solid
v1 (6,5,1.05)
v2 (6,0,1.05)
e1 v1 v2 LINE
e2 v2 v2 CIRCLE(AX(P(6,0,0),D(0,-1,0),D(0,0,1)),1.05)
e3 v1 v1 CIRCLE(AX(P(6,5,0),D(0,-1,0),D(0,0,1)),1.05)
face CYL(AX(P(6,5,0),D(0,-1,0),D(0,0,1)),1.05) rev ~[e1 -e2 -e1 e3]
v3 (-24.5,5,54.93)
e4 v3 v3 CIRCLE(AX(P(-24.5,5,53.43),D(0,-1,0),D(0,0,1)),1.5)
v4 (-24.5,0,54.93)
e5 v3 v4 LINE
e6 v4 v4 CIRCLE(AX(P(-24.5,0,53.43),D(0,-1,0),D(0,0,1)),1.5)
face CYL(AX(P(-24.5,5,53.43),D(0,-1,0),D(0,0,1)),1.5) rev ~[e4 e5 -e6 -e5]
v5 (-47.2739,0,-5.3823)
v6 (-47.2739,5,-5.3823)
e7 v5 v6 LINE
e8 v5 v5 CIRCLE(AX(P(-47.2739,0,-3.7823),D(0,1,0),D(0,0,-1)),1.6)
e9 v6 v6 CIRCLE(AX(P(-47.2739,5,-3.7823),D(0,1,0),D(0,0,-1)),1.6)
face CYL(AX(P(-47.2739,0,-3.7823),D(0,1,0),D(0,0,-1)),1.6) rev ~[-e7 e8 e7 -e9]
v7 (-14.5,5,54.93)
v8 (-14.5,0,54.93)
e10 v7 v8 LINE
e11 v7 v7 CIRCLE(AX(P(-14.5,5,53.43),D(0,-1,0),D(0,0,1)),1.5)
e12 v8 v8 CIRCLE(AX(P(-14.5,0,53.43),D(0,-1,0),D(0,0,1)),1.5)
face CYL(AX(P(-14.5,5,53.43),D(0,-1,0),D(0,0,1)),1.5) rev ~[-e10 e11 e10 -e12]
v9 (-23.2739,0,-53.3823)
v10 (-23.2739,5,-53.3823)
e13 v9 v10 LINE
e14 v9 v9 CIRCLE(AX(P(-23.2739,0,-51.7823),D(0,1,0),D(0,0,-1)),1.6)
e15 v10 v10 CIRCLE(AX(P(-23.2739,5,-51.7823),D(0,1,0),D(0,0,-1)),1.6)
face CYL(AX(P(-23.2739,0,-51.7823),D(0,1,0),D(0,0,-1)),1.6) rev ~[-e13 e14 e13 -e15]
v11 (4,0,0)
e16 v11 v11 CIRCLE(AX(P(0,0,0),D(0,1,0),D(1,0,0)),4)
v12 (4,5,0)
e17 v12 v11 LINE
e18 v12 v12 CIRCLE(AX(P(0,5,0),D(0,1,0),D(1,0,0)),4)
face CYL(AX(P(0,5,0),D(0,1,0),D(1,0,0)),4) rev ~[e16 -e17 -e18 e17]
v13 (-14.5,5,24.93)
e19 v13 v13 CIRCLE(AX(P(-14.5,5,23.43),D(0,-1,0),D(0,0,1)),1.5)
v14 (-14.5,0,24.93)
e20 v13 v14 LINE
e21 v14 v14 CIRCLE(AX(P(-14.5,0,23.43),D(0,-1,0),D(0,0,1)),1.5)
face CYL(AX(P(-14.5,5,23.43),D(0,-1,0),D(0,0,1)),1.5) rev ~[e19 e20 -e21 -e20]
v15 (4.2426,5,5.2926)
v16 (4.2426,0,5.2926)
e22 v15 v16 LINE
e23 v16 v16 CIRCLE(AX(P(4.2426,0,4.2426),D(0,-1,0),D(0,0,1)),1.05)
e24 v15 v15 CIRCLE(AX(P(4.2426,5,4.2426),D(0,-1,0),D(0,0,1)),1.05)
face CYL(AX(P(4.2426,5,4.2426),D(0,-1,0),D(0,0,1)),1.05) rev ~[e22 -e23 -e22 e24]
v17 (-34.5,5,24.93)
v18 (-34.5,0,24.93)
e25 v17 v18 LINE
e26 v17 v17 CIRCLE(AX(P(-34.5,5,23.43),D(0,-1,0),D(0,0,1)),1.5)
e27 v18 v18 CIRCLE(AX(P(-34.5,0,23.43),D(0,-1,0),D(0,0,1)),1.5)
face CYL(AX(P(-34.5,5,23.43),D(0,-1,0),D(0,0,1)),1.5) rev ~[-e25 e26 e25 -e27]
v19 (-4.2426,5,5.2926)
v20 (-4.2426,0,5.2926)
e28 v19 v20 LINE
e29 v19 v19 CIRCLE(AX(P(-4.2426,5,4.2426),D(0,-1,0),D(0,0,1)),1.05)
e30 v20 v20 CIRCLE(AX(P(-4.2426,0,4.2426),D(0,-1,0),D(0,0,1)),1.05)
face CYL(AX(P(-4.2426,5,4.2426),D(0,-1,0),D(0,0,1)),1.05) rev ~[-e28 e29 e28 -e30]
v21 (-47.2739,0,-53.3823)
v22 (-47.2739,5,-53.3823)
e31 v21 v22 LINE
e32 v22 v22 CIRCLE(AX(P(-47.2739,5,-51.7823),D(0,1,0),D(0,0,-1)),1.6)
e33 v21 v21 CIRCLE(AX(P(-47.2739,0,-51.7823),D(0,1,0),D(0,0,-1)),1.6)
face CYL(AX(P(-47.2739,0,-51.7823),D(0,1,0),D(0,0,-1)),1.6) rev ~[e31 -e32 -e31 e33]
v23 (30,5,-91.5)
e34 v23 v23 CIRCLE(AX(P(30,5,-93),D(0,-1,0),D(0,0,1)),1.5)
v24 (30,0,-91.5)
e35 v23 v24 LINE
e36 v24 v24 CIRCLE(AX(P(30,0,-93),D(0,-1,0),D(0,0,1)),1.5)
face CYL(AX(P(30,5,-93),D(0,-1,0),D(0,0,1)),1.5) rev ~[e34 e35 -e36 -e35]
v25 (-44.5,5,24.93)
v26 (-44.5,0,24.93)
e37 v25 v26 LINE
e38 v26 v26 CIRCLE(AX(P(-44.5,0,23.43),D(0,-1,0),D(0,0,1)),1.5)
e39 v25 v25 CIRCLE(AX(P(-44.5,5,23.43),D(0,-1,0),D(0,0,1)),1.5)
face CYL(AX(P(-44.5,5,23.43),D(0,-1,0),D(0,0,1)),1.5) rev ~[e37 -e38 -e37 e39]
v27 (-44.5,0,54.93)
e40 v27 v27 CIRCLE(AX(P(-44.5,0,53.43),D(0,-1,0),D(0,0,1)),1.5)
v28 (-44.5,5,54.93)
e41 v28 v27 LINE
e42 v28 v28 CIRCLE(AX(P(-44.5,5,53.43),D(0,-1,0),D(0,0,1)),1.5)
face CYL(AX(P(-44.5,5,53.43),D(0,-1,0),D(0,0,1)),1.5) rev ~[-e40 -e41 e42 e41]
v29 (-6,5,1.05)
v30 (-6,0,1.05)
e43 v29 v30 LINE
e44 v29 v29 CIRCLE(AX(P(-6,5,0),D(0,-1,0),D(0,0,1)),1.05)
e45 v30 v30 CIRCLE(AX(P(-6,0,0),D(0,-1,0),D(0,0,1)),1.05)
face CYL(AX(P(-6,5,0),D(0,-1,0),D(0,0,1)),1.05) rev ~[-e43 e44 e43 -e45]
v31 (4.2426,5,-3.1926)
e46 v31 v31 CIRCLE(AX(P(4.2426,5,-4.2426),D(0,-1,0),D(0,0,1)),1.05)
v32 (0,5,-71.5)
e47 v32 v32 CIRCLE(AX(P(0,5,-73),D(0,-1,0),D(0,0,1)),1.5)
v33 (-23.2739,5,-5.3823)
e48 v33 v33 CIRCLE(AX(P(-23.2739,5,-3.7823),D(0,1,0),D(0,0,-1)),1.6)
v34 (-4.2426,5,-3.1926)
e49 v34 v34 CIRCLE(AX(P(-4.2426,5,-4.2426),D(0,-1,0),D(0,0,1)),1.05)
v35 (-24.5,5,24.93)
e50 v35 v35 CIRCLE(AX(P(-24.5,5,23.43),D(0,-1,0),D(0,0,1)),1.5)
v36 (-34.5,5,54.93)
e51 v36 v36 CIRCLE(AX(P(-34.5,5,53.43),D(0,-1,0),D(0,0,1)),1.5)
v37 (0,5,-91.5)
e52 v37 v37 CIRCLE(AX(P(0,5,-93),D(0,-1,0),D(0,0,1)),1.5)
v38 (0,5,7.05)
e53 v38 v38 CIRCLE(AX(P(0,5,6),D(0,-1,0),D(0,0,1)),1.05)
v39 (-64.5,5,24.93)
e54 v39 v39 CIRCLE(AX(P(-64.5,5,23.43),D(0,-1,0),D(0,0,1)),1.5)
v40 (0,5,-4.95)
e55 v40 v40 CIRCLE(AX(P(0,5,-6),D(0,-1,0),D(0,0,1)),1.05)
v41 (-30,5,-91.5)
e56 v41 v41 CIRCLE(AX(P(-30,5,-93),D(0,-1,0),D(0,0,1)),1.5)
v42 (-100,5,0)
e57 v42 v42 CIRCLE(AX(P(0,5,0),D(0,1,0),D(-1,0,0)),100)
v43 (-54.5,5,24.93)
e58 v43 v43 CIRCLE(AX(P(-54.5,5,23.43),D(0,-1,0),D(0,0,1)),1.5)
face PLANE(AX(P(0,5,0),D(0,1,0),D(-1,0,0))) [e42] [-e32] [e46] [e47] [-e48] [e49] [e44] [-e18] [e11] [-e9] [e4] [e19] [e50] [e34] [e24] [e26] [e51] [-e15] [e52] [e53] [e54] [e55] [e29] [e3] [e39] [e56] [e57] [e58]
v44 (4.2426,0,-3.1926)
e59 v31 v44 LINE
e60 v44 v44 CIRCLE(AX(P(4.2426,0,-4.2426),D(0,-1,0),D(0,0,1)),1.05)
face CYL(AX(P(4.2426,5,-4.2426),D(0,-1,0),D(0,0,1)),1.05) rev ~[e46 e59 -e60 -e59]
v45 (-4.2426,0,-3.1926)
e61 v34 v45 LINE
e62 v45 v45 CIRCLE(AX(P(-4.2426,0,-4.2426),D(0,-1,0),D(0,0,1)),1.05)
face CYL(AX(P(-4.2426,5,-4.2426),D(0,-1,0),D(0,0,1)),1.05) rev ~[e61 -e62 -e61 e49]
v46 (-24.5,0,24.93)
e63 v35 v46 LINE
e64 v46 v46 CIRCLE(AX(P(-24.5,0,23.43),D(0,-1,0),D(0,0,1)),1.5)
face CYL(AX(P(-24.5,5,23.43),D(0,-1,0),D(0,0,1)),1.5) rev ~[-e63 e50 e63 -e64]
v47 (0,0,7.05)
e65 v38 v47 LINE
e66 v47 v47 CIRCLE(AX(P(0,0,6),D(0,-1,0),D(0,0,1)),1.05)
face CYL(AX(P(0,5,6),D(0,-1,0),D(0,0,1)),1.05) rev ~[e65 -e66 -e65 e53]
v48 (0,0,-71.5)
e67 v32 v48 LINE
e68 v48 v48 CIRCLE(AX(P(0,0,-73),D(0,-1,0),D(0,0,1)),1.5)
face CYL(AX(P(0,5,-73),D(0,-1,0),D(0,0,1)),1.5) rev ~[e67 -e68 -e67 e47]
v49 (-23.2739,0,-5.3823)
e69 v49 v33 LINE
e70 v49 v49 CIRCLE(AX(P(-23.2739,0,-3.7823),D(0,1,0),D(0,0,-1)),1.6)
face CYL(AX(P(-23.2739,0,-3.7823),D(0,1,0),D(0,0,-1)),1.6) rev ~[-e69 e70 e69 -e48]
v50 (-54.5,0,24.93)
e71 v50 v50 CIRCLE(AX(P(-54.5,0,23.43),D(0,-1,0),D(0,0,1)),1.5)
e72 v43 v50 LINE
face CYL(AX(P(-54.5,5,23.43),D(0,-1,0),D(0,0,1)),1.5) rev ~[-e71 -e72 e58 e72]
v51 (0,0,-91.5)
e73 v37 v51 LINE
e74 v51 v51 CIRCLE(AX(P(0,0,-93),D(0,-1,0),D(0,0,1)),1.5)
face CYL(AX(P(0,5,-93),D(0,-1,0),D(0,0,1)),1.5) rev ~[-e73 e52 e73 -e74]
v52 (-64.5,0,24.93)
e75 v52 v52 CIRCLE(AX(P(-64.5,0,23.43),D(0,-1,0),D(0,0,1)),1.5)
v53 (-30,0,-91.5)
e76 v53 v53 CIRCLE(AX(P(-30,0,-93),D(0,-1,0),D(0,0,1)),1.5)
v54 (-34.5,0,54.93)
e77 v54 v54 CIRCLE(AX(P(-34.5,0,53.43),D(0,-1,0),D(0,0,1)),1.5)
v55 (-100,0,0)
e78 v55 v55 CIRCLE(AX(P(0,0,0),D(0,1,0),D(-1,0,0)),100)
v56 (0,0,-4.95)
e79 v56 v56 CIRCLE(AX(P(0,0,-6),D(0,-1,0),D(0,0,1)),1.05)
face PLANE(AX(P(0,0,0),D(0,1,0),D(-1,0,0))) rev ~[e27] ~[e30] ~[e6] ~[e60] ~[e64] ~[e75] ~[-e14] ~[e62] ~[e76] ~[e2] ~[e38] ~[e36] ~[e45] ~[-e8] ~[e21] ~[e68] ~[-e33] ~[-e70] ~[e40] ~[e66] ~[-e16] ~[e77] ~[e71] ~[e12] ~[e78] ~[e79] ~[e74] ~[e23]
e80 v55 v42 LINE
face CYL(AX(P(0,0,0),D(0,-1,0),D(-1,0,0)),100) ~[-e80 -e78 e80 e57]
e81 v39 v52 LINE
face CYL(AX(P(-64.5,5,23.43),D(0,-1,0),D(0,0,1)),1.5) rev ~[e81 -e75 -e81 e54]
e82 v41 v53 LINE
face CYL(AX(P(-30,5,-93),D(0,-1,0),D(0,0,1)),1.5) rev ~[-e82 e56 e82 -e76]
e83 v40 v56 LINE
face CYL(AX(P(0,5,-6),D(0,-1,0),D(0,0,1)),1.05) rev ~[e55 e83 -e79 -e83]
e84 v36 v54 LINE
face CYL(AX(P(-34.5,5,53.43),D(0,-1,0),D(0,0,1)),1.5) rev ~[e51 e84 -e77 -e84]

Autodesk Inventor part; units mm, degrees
ref_plane "YZ Plane" through (0, 0, 0) normal (1, 0, 0) x (0, 1, 0)
ref_plane "XZ Plane" through (0, 0, 0) normal (0, 1, 0) x (-1, 0, 0)
ref_plane "XY Plane" through (0, 0, 0) normal (0, 0, 1) x (1, 0, 0)
sketch "スケッチ1" plane through (0, 0, 0) normal (0, 1, 0) x (-1, 0, 0)
  circle A0 centre (0, 0) radius 100
  dimension "d0" = 200
extrude "押し出し1" add sketch "スケッチ1" along normal blind 5
sketch "スケッチ12" plane through (0, 5, 0) normal (0, 1, 0) x (1, 0, 0)
  circle A0 centre (0, 0) radius 100 projected
  circle A1 centre (0, 0) radius 4
  circle A2 centre (0, 0) radius 5
  circle A3 centre (0, 0) radius 6
  circle A4 centre (0, 6) radius 1
  circle A5 centre (-4.2426, 4.2426) radius 1
  circle A6 centre (-6, 0) radius 1
  circle A7 centre (-4.2426, -4.2426) radius 1
  circle A8 centre (0, -6) radius 1
  circle A9 centre (4.2426, -4.2426) radius 1
  circle A10 centre (6, 0) radius 1
  circle A11 centre (4.2426, 4.2426) radius 1
  dimension "d94" = 12
  dimension "d92" = 8
  dimension "d93" = 10
  dimension "d95" = 2
  dimension "d98" = 360
hole "穴5" at (-6, 5, 0) at (-4.2426, 5, 4.2426) at (0, 5, 6) at (0, 5, -6) at (4.2426, 5, -4.2426) at (6, 5, 0) at (4.2426, 5, 4.2426) at (-4.2426, 5, -4.2426) direction (0, -1, 0) diameter 2.1 depth 8 tip angle 118
sketch "スケッチ13" plane through (0, 5, 0) normal (0, 1, 0) x (1, 0, 0)
  circle A0 centre (0, 0) radius 100 projected
  circle A1 centre (0, 0) radius 4
  dimension "d107" = 8
extrude "押し出し4" cut sketch "スケッチ13" against normal blind 8 contours A1
sketch "スケッチ14" plane through (0, 5, 0) normal (0, 1, 0) x (1, 0, 0)
  circle A0 centre (0, 0) radius 100 projected
  line L0 (0, 0) -> (0, 63)
  line L1 (0, 63) -> (0, 73)
  line L2 (0, 73) -> (0, 93)
  line L3 (0, 73) -> (30, 73)
  line L4 (0, 73) -> (-30, 73)
  line L5 (-30, 73) -> (30, 73)
  line L6 (30, 73) -> (30, 93)
  line L7 (30, 93) -> (-30, 93)
  line L8 (-30, 93) -> (-30, 73)
  line L9 (0, 0) -> (0, -38.43)
  line L10 (0, -38.43) -> (-14.5, -38.43)
  line L11 (-14.5, -38.43) -> (-14.5, -23.43)
  line L12 (-14.5, -23.43) -> (-24.5, -23.43)
  line L13 (-24.5, -23.43) -> (-34.5, -23.43)
  line L14 (-34.5, -23.43) -> (-44.5, -23.43)
  line L15 (-44.5, -23.43) -> (-54.5, -23.43)
  line L16 (-54.5, -23.43) -> (-64.5, -23.43)
  line L17 (-24.5, -53.43) -> (-34.5, -53.43)
  line L18 (-34.5, -53.43) -> (-44.5, -53.43)
  line L19 (-44.5, -53.43) -> (-54.5, -53.43)
  line L20 (-54.5, -53.43) -> (-64.5, -53.43)
  point P0 (-14.5, -53.43)
  point P1 (-7.25, -38.43)
  dimension "d110" = 63
  dimension "d111" = 10
  dimension "d112" = 20
  dimension "d114" = 30
  dimension "d115" = 30
  dimension "d117" = 14.5
  dimension "d118" = 15
  dimension "d119" = 10
  dimension "d120" = 10
  dimension "d121" = 10
  dimension "d122" = 10
  dimension "d123" = 10
  dimension "d143" = 111.43
hole "穴6" at (-30, 5, -93) at (-30, 5, -73) at (0, 5, -93) at (0, 5, -73) at (30, 5, -73) at (30, 5, -93) at (-64.5, 5, 23.43) at (-54.5, 5, 23.43) at (-44.5, 5, 23.43) at (-34.5, 5, 23.43) at (-24.5, 5, 23.43) at (-14.5, 5, 23.43) at (-64.5, 5, 53.43) at (-54.5, 5, 53.43) at (-44.5, 5, 53.43) at (-34.5, 5, 53.43) at (-24.5, 5, 53.43) at (-14.5, 5, 53.43) at (-30, 5, -93) at (-30, 5, -73) direction (0, -1, 0) diameter 3 depth 8 tip angle 118
sketch "スケッチ16" plane through (0, 5, 0) normal (0, 1, 0) x (1, 0, 0)
  circle A0 centre (-64.5, -53.43) radius 1.5 projected
  circle A1 centre (30, 73) radius 1.5 projected
  circle A2 centre (-30, 73) radius 1.5 projected
  circle A3 centre (-54.5, -53.43) radius 1.5 projected
  circle A4 centre (0, 0) radius 100 projected
  circle A5 centre (0, 0) radius 78
  circle A6 centre (0, 0) radius 90
  circle A7 centre (-54.5, -53.43) radius 1.5
  circle A8 centre (-64.5, -53.43) radius 1.5
  circle A9 centre (-30, 73) radius 1.5
  circle A10 centre (30, 73) radius 1.5
  dimension "d145" = 156
  dimension "d147" = 180
extrude "押し出し7" add sketch "スケッチ16" against normal blind 5 contours A0 | A1 A5 | A5 A1 | A5 A2 | A2 A5 | A3
sketch "スケッチ17" plane through (0, 0, 0) normal (0, -1, 0) x (1, 0, 0)
  line L0 (-50.2739, -0.7823) -> (-20.2739, -0.7823)
  line L1 (-20.2739, -0.7823) -> (-20.2739, -54.7823)
  line L2 (-20.2739, -54.7823) -> (-50.2739, -54.7823)
  line L3 (-50.2739, -54.7823) -> (-50.2739, -0.7823)
  point P0 (-47.2739, -3.7823)
  point P1 (-47.2739, -51.7823)
  point P2 (-23.2739, -51.7823)
  point P3 (-23.2739, -3.7823)
  dimension "d150" = 30
  dimension "d151" = 54
  dimension "d153" = 3
  dimension "d154" = 48
  dimension "d155" = 3
  dimension "d156" = 3
  dimension "d157" = 24
  dimension "d158" = 24
  dimension "d159" = 3
  dimension "d160" = 48
hole "穴7" at (-47.2739, 0, -3.7823) at (-47.2739, 0, -51.7823) at (-23.2739, 0, -51.7823) at (-23.2739, 0, -3.7823) direction (0, 1, 0) diameter 3.2 depth 8 tip angle 118
properties part number "知能ロボコンターンテーブル1.1" material "アセタール樹脂、白"
